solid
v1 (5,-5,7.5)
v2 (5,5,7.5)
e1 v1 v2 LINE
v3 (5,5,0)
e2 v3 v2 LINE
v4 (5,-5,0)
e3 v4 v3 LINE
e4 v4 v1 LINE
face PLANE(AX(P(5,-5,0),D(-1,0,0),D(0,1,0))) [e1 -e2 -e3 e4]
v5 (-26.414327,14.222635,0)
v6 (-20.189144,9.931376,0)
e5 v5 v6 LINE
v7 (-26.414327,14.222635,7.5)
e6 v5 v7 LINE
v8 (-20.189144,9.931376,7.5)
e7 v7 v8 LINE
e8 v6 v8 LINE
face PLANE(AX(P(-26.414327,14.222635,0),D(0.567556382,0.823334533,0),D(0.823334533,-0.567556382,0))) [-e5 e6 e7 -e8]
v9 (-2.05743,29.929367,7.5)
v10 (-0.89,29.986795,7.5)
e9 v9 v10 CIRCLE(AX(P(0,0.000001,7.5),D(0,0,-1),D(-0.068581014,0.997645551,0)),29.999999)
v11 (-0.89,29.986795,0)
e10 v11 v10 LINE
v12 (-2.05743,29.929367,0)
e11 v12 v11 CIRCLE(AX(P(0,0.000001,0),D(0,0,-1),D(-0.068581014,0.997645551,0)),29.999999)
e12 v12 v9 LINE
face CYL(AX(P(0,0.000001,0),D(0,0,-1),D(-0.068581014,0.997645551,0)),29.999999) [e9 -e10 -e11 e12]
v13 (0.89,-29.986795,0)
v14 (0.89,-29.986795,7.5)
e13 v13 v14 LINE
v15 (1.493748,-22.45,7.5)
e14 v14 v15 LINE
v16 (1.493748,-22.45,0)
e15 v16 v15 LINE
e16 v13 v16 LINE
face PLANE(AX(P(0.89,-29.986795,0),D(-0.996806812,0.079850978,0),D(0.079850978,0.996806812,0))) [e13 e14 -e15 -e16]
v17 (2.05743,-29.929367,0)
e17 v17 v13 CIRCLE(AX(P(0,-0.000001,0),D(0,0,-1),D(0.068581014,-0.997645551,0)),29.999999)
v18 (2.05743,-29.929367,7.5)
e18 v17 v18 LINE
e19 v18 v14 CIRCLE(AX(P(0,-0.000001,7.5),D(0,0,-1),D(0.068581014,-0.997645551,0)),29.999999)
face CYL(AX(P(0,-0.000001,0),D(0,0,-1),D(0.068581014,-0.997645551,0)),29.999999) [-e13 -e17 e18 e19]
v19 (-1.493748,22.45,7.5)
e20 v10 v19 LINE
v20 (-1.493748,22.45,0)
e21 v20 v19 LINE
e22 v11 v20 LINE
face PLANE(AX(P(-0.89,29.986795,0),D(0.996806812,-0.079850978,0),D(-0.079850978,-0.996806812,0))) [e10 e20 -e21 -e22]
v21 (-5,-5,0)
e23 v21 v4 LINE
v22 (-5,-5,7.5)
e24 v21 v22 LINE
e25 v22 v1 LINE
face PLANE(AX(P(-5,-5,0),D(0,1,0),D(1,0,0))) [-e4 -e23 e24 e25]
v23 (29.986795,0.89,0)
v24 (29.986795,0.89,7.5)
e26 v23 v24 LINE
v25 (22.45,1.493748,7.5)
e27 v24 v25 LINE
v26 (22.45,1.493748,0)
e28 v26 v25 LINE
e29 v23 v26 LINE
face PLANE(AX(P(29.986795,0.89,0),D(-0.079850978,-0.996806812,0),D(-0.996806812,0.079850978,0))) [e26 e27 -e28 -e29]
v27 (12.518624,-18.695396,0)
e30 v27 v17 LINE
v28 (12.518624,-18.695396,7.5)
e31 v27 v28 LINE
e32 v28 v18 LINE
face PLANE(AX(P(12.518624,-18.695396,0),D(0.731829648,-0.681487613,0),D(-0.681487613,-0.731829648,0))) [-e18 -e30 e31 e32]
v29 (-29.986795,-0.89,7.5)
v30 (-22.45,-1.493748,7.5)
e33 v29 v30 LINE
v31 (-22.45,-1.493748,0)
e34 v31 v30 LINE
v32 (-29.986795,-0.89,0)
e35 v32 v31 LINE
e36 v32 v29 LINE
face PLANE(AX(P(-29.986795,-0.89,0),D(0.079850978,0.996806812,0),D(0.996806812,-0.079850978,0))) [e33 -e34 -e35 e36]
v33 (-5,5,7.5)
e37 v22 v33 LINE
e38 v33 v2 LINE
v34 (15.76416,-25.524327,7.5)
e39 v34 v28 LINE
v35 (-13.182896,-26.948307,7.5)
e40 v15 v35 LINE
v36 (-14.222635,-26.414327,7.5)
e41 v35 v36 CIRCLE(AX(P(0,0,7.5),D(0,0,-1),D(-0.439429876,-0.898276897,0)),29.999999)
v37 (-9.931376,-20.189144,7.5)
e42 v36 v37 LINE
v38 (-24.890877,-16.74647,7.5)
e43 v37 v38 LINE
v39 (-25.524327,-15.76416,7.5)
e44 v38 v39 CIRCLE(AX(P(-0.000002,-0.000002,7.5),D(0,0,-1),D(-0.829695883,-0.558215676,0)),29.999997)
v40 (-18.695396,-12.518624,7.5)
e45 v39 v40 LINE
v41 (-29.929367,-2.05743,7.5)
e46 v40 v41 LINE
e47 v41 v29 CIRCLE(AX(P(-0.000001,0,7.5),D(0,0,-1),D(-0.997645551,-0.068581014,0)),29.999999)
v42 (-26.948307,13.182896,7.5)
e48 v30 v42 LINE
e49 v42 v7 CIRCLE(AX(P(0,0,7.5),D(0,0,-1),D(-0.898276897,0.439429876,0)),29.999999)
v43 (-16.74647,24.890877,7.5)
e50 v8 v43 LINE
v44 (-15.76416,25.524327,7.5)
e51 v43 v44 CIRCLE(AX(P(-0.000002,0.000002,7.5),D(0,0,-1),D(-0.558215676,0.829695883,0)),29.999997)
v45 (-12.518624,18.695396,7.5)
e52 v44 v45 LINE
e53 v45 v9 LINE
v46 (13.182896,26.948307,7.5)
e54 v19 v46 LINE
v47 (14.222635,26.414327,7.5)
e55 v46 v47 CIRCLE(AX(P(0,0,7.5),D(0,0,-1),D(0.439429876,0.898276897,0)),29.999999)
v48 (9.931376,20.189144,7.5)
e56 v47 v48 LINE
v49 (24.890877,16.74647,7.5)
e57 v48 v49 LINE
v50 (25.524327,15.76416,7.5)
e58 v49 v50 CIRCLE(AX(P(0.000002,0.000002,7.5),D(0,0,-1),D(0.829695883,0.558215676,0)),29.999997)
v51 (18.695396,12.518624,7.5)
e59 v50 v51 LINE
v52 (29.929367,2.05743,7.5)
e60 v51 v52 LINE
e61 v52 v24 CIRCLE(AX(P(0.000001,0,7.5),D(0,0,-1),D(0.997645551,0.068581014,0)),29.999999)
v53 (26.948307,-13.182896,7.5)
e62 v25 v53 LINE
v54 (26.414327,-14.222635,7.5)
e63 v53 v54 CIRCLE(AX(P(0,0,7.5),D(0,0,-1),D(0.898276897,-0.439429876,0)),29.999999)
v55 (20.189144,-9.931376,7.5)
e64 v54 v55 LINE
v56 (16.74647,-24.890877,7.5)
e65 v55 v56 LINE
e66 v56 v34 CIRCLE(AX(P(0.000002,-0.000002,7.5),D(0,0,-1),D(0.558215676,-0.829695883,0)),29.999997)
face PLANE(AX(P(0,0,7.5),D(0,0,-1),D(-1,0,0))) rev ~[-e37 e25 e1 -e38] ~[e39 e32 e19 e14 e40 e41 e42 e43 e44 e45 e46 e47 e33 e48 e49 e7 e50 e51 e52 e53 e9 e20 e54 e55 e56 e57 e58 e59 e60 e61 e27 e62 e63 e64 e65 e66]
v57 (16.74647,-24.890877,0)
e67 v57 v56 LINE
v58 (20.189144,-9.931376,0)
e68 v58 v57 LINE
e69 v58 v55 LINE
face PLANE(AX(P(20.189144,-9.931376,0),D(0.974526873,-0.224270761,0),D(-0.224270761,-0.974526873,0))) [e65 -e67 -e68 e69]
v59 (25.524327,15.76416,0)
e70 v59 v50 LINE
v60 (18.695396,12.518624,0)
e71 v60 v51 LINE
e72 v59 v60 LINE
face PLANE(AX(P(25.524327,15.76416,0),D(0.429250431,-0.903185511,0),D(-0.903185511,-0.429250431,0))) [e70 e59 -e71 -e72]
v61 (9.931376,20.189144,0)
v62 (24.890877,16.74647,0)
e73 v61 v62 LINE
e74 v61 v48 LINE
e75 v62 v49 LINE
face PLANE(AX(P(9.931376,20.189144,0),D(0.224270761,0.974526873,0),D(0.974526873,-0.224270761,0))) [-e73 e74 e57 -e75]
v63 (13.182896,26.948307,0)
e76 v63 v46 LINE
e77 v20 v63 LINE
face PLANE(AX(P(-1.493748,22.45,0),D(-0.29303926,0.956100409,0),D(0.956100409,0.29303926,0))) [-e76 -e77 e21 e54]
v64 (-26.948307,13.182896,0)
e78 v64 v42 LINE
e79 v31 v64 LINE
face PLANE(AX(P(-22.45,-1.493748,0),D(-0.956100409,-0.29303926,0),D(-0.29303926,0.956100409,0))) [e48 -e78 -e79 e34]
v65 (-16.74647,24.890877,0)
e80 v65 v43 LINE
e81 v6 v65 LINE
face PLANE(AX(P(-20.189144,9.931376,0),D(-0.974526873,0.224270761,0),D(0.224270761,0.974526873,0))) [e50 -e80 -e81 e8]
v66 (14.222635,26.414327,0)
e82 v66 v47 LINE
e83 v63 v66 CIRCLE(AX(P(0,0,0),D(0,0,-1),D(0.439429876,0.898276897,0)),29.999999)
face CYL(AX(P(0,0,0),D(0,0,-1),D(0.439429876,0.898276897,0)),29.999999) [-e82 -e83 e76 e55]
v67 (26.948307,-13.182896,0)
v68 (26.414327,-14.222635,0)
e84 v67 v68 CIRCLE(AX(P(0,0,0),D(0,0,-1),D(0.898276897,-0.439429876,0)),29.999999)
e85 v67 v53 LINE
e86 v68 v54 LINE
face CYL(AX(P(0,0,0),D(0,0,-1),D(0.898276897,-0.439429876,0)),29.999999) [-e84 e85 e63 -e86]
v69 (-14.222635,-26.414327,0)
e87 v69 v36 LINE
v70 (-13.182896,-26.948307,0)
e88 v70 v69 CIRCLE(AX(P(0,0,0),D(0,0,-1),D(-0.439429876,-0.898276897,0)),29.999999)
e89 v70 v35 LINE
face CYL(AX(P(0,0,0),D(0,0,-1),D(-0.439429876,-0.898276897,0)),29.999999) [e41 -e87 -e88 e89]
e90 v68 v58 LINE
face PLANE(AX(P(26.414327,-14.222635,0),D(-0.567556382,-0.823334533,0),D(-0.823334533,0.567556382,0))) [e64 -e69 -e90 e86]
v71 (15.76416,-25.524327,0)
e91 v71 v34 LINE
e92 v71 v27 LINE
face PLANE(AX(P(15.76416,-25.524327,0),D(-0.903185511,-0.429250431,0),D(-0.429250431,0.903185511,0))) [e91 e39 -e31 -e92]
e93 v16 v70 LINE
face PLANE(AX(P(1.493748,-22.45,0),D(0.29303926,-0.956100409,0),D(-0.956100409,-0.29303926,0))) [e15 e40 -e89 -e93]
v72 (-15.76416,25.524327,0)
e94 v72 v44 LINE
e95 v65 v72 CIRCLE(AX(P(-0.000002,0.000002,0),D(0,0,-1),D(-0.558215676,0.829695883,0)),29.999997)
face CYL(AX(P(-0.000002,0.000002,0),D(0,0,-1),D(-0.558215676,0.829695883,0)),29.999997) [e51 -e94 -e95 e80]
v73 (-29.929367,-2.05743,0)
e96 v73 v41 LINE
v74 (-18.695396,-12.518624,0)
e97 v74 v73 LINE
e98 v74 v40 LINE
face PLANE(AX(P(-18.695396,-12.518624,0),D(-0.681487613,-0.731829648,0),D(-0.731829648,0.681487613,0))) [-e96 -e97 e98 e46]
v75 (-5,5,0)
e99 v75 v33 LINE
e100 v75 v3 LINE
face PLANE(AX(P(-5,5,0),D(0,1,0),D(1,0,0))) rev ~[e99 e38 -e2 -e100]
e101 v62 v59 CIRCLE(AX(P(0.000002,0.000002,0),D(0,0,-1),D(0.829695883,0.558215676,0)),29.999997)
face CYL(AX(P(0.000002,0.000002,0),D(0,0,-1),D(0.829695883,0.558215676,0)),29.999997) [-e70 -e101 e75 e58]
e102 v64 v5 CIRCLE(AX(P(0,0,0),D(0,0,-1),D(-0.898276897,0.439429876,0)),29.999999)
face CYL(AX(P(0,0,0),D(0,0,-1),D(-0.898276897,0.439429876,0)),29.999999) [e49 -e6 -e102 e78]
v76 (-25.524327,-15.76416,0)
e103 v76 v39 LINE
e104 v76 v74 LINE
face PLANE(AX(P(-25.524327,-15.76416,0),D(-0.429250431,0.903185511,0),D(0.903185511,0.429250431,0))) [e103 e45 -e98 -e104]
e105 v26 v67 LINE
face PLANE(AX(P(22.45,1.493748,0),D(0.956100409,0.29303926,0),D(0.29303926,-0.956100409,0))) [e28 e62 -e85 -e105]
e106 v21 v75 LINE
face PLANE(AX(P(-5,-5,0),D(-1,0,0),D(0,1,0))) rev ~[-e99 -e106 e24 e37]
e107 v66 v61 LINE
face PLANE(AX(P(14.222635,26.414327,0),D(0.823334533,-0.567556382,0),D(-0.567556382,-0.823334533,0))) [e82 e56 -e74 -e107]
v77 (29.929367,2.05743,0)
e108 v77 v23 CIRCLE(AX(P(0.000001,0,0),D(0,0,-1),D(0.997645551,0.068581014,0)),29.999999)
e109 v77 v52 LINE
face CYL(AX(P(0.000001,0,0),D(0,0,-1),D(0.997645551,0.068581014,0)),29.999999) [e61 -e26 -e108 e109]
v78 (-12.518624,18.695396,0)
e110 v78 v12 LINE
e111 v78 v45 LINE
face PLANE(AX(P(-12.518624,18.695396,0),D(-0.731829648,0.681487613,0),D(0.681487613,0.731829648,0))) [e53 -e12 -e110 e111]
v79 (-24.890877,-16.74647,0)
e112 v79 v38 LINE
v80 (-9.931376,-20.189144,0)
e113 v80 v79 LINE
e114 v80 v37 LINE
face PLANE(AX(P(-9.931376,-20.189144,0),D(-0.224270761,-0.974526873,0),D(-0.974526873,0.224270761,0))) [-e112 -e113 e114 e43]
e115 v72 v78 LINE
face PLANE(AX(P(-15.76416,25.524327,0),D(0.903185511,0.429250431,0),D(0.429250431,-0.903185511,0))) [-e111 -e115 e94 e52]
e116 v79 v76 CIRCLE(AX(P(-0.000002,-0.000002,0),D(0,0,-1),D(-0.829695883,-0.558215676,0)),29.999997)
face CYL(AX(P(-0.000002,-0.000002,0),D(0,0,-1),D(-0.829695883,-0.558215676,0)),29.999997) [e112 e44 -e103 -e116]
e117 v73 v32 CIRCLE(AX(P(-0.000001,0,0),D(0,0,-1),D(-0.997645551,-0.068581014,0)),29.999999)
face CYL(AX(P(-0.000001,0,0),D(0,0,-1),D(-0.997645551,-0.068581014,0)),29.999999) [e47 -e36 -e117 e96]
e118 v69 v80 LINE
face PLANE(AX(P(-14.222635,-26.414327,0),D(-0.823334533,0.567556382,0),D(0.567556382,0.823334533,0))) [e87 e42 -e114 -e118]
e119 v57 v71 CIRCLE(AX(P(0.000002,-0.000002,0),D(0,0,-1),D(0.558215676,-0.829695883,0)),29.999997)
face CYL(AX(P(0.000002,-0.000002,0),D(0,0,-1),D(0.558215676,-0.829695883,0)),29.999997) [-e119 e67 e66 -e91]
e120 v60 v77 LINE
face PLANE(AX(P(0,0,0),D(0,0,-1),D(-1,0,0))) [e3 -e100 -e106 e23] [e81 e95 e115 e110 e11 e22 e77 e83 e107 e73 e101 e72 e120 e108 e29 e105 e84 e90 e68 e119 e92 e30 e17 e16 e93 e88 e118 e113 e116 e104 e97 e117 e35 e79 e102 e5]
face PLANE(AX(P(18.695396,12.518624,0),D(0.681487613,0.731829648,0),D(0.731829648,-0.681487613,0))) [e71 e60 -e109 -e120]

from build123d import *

# Parameters (mm, degrees)
SKETCH1_W           = 10
SKETCH1_H           = 10
BOSS_EXTRUDE1_DEPTH = 7.5


with BuildPart() as part:
    # Sketch1 → Boss-Extrude1 (new body)
    with BuildSketch(Plane.XY):
        with BuildLine():
            Line((9.931375967, 20.189144499), (24.890876528, 16.746470245))
            ThreePointArc((24.890876528, 16.746470245), (25.212386049, 16.25840059), (25.524326618, 15.764160323))
            Line((25.524326618, 15.764160323), (18.695396131, 12.518624033))
            Line((18.695396131, 12.518624033), (29.929366518, 2.057430392))
            ThreePointArc((29.929366518, 2.057430392), (29.963767103, 1.473994911), (29.986795427, 0.89))
            Line((29.986795427, 0.89), (22.45, 1.493748368))
            Line((22.45, 1.493748368), (26.94830692, -13.182896273))
            ThreePointArc((26.94830692, -13.182896273), (26.68638096, -13.705366513), (26.414326618, -14.222635104))
            Line((26.414326618, -14.222635104), (20.189144499, -9.931375967))
            Line((20.189144499, -9.931375967), (16.746470245, -24.890876528))
            ThreePointArc((16.746470245, -24.890876528), (16.25840059, -25.212386049), (15.764160323, -25.524326618))
            Line((15.764160323, -25.524326618), (12.518624033, -18.695396131))
            Line((12.518624033, -18.695396131), (2.057430392, -29.929366518))
            ThreePointArc((2.057430392, -29.929366518), (1.473994911, -29.963767103), (0.89, -29.986795427))
            Line((0.89, -29.986795427), (1.493748368, -22.45))
            Line((1.493748368, -22.45), (-13.182896273, -26.94830692))
            ThreePointArc((-13.182896273, -26.94830692), (-13.705366513, -26.68638096), (-14.222635104, -26.414326618))
            Line((-14.222635104, -26.414326618), (-9.931375967, -20.189144499))
            Line((-9.931375967, -20.189144499), (-24.890876528, -16.746470245))
            ThreePointArc((-24.890876528, -16.746470245), (-25.212386049, -16.25840059), (-25.524326618, -15.764160323))
            Line((-25.524326618, -15.764160323), (-18.695396131, -12.518624033))
            Line((-18.695396131, -12.518624033), (-29.929366518, -2.057430392))
            ThreePointArc((-29.929366518, -2.057430392), (-29.963767103, -1.473994911), (-29.986795427, -0.89))
            Line((-29.986795427, -0.89), (-22.45, -1.493748368))
            Line((-22.45, -1.493748368), (-26.94830692, 13.182896273))
            ThreePointArc((-26.94830692, 13.182896273), (-26.68638096, 13.705366513), (-26.414326618, 14.222635104))
            Line((-26.414326618, 14.222635104), (-20.189144499, 9.931375967))
            Line((-20.189144499, 9.931375967), (-16.746470245, 24.890876528))
            ThreePointArc((-16.746470245, 24.890876528), (-16.25840059, 25.212386049), (-15.764160323, 25.524326618))
            Line((-15.764160323, 25.524326618), (-12.518624033, 18.695396131))
            Line((-12.518624033, 18.695396131), (-2.057430392, 29.929366518))
            ThreePointArc((-2.057430392, 29.929366518), (-1.473994911, 29.963767103), (-0.89, 29.986795427))
            Line((-0.89, 29.986795427), (-1.493748368, 22.45))
            Line((-1.493748368, 22.45), (13.182896273, 26.94830692))
            ThreePointArc((13.182896273, 26.94830692), (13.705366513, 26.68638096), (14.222635104, 26.414326618))
            Line((14.222635104, 26.414326618), (9.931375967, 20.189144499))
        make_face()
        Rectangle(SKETCH1_W, SKETCH1_H, mode=Mode.SUBTRACT)
    extrude(amount=BOSS_EXTRUDE1_DEPTH)


solid = part.part
